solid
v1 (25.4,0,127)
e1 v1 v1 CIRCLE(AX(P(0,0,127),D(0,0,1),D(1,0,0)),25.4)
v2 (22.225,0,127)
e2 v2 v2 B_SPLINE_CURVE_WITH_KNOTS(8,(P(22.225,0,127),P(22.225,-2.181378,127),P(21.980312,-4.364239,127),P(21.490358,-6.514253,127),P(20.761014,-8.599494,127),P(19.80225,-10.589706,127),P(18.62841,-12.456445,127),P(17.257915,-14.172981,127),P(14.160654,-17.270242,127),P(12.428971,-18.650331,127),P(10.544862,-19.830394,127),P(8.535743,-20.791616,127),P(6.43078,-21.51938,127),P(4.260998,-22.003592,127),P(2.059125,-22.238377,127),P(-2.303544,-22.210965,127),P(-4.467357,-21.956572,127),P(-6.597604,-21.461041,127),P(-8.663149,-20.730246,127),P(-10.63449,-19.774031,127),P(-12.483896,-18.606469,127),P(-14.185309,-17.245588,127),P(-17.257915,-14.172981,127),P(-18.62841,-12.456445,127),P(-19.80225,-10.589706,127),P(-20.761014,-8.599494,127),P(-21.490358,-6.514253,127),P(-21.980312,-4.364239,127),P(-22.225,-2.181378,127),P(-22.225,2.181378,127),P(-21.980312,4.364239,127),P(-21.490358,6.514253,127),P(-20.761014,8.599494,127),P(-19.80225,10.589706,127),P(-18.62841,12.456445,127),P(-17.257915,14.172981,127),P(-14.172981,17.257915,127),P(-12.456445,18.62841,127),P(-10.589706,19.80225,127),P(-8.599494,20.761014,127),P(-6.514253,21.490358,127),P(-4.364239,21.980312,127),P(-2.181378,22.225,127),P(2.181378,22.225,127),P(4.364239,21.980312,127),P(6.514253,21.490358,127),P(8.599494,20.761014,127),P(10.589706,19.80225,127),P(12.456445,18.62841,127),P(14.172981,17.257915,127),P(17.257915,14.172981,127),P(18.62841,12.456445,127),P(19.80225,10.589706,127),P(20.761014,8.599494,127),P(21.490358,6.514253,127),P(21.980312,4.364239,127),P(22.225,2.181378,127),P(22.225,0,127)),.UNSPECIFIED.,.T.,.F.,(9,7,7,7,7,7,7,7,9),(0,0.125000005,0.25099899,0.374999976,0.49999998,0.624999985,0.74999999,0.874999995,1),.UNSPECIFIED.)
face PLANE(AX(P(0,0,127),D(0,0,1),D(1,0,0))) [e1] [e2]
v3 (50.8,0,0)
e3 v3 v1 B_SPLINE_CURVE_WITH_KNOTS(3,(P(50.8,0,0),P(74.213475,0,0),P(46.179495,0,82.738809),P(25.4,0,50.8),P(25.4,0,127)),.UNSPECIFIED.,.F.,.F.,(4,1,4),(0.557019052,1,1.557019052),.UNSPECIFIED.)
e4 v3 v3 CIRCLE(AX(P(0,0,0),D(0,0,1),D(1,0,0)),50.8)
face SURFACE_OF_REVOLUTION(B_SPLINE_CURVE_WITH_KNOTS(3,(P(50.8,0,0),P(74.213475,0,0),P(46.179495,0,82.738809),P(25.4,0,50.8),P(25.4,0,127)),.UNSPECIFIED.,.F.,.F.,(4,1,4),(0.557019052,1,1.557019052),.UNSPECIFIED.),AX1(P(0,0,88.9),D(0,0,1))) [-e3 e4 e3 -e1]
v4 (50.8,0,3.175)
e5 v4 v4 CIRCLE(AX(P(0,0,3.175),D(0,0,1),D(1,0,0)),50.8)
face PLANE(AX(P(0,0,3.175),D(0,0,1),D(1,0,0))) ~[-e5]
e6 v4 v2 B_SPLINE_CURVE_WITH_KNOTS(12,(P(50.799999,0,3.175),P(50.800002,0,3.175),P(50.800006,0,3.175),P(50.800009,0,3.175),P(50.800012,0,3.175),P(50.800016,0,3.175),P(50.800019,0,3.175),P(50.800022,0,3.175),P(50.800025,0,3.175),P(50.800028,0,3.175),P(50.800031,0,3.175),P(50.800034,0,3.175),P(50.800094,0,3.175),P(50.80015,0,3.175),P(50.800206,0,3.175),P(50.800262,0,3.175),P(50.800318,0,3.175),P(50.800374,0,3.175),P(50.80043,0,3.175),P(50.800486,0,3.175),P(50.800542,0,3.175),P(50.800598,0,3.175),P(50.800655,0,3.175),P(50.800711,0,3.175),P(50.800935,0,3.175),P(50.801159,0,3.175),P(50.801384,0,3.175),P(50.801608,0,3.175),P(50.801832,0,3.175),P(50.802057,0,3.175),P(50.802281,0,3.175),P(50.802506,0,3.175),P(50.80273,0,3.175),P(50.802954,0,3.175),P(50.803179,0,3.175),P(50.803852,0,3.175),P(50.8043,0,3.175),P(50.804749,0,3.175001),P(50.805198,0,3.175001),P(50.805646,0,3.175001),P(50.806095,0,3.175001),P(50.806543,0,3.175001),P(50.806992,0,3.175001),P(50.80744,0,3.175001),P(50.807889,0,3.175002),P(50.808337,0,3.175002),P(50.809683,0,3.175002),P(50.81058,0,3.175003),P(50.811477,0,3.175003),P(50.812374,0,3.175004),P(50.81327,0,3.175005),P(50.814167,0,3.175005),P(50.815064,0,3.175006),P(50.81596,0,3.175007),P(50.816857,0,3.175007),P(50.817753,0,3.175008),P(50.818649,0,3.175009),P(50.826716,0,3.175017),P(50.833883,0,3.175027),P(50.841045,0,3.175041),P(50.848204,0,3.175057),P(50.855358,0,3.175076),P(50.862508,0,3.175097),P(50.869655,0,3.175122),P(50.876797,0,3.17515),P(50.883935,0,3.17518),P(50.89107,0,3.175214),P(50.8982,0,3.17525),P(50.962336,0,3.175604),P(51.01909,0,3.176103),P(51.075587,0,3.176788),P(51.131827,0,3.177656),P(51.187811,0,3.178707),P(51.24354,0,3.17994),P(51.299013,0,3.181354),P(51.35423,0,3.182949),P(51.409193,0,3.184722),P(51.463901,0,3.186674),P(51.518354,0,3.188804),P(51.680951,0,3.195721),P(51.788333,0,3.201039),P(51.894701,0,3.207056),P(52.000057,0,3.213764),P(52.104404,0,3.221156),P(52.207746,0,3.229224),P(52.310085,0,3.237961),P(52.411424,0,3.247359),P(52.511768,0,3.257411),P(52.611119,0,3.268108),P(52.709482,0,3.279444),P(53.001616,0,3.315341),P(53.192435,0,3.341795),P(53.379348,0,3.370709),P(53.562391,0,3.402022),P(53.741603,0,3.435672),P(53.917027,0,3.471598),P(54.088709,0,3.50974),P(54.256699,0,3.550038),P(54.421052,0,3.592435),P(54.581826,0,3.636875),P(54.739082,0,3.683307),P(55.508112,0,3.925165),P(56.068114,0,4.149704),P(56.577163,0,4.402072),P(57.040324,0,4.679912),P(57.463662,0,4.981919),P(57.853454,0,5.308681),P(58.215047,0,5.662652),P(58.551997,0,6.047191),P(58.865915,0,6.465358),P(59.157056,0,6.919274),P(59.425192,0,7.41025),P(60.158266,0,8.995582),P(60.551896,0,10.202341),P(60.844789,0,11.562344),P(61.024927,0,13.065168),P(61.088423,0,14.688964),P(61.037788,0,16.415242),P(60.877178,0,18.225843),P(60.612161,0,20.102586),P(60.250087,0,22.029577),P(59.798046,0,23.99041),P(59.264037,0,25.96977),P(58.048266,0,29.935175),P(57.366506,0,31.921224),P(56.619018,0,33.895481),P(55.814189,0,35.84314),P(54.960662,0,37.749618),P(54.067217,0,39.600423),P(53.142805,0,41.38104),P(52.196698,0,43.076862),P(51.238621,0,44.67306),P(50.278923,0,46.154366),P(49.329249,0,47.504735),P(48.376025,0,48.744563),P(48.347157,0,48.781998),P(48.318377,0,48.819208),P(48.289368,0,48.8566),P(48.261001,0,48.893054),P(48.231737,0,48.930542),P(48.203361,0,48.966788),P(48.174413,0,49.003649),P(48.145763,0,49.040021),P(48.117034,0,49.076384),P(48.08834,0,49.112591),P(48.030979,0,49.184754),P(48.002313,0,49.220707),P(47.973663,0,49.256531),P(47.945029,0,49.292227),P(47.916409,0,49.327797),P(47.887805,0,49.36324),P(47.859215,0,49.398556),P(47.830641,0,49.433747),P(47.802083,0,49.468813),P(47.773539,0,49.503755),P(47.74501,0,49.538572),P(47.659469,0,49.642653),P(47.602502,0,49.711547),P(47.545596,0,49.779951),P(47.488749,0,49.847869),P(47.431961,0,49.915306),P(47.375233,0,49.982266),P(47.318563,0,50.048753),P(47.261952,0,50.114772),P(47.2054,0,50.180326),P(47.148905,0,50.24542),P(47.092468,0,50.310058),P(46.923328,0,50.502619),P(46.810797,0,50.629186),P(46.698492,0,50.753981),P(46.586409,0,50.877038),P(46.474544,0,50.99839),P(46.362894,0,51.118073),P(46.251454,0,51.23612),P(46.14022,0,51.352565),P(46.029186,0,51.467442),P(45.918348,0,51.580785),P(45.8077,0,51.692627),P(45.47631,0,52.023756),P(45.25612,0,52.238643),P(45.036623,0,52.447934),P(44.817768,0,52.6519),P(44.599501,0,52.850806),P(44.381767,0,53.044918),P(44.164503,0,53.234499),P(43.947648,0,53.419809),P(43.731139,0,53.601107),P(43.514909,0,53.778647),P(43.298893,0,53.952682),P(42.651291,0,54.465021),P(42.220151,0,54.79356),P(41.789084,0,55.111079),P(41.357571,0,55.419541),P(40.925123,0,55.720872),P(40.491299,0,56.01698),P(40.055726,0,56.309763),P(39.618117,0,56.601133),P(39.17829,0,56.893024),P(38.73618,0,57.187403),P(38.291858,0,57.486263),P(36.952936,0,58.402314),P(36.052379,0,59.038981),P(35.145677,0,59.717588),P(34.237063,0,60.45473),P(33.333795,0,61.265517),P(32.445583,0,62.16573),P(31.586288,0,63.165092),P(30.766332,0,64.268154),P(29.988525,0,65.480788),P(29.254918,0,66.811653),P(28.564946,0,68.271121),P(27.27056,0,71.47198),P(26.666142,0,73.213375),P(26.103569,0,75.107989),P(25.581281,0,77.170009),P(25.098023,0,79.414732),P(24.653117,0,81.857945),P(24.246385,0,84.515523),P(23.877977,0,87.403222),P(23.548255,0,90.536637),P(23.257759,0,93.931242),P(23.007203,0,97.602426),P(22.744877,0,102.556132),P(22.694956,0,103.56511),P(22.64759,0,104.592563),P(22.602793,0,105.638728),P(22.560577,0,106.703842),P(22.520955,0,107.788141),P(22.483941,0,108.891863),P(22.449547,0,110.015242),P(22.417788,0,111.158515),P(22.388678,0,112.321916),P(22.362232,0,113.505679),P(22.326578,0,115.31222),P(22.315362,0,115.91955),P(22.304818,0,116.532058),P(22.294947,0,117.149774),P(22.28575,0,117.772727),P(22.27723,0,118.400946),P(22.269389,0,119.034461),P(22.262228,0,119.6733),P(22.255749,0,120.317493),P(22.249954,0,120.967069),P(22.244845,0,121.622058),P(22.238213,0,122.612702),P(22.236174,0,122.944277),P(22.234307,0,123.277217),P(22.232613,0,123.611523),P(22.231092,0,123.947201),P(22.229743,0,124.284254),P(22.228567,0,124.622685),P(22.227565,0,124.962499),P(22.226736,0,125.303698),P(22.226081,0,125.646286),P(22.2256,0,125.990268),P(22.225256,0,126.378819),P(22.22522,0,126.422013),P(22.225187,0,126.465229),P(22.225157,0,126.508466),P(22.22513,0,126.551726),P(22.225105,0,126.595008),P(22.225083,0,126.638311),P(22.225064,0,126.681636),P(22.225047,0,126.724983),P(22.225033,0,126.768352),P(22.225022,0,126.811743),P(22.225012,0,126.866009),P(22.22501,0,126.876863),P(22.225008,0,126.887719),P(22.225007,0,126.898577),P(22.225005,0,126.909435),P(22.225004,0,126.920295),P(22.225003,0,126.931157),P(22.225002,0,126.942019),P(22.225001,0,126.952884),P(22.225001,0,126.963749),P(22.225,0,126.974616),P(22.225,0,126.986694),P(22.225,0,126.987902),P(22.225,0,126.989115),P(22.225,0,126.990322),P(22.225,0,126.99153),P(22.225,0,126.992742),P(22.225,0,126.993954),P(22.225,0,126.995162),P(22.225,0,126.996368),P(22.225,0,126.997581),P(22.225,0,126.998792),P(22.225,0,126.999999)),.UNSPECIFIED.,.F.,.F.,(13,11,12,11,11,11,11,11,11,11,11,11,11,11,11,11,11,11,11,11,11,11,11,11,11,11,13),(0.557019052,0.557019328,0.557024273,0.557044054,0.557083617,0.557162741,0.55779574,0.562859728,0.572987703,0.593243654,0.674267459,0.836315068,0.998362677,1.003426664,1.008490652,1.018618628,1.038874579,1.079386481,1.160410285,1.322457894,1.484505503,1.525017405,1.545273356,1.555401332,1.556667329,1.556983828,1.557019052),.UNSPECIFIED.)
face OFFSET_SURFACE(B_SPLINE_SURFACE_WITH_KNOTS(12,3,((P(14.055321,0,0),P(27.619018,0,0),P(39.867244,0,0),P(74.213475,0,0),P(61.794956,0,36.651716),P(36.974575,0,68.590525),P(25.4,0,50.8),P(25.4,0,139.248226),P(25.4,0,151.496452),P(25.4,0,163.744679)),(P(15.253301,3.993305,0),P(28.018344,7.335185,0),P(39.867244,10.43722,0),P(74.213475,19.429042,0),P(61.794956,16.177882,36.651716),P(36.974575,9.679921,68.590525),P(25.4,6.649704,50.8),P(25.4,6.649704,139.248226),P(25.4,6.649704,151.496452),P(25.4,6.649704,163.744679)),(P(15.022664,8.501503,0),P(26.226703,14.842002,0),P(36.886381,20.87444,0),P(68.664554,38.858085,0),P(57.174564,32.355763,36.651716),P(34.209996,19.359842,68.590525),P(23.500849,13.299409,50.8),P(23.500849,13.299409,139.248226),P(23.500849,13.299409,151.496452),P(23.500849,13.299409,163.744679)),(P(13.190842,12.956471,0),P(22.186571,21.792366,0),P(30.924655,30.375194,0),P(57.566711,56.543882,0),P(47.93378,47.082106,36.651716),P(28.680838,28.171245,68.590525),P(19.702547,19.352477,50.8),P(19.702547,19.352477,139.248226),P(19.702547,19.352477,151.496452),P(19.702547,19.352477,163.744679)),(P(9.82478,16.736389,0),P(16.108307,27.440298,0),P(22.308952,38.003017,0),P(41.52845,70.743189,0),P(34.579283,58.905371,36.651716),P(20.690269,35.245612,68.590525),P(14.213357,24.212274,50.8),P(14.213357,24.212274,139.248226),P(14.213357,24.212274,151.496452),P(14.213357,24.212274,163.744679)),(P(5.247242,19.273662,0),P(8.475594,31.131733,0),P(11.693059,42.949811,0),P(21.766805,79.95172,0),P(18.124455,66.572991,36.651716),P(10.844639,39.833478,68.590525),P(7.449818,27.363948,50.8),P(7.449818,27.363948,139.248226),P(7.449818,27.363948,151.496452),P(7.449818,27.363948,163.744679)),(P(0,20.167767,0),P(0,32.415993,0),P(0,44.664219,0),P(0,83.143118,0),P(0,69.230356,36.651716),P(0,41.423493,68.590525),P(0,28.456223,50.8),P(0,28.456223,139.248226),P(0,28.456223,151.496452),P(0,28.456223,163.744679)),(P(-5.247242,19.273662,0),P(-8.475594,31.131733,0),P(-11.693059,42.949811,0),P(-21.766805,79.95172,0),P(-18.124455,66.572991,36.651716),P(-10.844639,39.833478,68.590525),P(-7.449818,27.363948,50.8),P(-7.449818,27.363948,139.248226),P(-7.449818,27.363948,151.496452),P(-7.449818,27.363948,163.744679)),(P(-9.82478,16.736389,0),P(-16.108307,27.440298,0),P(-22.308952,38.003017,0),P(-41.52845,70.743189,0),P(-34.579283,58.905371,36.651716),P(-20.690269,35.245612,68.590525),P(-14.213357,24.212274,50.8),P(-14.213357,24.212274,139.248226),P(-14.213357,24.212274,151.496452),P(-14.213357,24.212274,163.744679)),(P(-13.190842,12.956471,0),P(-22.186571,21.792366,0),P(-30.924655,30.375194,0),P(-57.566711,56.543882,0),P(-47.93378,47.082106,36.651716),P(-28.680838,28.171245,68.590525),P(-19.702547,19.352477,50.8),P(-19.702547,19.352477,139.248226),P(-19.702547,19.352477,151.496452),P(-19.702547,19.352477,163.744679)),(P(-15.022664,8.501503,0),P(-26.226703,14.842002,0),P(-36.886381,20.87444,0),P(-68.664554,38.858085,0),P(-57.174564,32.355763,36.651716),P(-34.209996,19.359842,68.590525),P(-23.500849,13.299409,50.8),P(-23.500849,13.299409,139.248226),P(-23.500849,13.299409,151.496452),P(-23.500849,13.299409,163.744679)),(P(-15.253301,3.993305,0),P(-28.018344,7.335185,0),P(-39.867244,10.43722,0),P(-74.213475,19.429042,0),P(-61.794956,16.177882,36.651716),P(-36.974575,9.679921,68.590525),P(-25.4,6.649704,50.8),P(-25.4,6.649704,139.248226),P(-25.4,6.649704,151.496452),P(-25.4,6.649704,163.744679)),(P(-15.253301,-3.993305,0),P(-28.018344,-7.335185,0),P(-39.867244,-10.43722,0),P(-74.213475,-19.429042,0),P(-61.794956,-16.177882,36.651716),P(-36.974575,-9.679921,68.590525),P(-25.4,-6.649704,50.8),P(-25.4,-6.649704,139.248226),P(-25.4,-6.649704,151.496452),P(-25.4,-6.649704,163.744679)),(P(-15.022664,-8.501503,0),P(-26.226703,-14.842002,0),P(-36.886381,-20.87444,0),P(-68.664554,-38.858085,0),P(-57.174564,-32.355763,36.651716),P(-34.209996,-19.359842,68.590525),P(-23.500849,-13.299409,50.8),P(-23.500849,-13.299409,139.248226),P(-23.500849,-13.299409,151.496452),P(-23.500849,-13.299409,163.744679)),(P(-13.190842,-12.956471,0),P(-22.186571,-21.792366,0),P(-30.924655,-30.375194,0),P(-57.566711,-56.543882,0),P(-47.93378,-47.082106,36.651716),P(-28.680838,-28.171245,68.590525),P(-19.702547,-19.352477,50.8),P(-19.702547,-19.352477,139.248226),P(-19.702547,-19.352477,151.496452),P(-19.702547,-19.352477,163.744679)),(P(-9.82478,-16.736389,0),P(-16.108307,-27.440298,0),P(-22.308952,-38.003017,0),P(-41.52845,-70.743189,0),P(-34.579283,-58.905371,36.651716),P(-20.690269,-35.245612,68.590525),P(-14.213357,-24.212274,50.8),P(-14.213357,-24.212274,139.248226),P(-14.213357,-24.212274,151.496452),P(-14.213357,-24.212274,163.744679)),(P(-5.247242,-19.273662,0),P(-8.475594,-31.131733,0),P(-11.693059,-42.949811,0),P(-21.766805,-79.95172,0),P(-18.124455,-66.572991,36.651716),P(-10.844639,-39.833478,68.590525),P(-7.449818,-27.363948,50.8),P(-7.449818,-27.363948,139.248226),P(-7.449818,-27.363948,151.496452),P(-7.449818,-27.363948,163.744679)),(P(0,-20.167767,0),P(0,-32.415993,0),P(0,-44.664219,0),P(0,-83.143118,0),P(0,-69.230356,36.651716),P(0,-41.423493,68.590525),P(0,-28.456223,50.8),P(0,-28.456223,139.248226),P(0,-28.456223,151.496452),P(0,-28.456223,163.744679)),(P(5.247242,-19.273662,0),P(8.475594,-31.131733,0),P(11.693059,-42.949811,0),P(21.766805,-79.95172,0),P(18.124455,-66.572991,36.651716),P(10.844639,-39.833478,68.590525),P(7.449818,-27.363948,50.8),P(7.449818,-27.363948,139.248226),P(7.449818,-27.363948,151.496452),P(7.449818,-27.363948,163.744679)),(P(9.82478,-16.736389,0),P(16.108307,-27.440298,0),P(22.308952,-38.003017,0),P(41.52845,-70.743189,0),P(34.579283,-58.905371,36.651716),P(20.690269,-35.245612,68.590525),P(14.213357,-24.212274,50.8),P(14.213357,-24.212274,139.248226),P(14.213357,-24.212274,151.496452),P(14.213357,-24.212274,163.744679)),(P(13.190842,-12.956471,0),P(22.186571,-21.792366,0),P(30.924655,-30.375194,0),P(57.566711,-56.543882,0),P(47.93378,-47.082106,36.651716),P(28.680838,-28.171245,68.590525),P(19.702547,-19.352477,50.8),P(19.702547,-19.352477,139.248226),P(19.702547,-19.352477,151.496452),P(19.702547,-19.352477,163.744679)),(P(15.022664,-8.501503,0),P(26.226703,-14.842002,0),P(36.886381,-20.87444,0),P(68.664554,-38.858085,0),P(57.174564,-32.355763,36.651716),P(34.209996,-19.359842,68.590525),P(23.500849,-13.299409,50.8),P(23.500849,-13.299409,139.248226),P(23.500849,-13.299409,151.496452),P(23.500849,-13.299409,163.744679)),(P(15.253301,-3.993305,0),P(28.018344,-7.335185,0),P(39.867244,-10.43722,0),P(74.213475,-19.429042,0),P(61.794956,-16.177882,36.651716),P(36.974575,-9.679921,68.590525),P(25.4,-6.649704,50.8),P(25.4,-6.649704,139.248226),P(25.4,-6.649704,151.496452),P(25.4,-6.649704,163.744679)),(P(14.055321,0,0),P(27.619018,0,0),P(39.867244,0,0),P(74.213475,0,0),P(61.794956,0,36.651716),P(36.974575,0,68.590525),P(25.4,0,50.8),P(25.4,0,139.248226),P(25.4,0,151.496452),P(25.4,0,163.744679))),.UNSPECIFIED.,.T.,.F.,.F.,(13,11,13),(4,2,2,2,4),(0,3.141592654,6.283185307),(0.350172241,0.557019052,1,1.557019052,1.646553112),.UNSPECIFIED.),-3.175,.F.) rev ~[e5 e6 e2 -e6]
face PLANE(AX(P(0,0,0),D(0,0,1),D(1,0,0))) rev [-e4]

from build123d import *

# Parameters (mm, degrees)
F0_W = 50.8
F0_H = 50.8
F2_T = -3.175


with BuildPart() as f1:
    # F0 (on Front) → F1 (revolve)
    with BuildSketch(Plane.XZ):
        with Locations((25.4, 25.4)):
            Rectangle(F0_W, F0_H)
        with BuildLine():
            Line((50.8, 50.8), (50.8, 0))
            add(Edge.make_bspline(
                [(50.8, 50.8), (61.7949561025, 36.651716071), (74.2134751962, 0), (50.8, 0)],
                knots=[0.5570190523, 0.5570190523, 0.5570190523, 0.5570190523, 1, 1, 1, 1], degree=3))
        make_face()
        with BuildLine():
            Line((0, 127), (0, 50.8))
            Line((0, 50.8), (50.8, 50.8))
            add(Edge.make_bspline(
                [(25.4, 127), (25.4, 50.8), (36.9745746388, 68.590525185), (50.8, 50.8)],
                knots=[0, 0, 0, 0, 0.5570190523, 0.5570190523, 0.5570190523, 0.5570190523], degree=3))
            Line((25.4, 127), (0, 127))
        make_face()
    revolve(axis=Axis((0, 0, 88.9), (0, 0, 1)))

    # F2
    f2_openings = [f1.faces().sort_by_distance(p)[0] for p in [
        (0, 0, 127),
    ]]
    offset(amount=F2_T, openings=f2_openings)


solid = f1.part
